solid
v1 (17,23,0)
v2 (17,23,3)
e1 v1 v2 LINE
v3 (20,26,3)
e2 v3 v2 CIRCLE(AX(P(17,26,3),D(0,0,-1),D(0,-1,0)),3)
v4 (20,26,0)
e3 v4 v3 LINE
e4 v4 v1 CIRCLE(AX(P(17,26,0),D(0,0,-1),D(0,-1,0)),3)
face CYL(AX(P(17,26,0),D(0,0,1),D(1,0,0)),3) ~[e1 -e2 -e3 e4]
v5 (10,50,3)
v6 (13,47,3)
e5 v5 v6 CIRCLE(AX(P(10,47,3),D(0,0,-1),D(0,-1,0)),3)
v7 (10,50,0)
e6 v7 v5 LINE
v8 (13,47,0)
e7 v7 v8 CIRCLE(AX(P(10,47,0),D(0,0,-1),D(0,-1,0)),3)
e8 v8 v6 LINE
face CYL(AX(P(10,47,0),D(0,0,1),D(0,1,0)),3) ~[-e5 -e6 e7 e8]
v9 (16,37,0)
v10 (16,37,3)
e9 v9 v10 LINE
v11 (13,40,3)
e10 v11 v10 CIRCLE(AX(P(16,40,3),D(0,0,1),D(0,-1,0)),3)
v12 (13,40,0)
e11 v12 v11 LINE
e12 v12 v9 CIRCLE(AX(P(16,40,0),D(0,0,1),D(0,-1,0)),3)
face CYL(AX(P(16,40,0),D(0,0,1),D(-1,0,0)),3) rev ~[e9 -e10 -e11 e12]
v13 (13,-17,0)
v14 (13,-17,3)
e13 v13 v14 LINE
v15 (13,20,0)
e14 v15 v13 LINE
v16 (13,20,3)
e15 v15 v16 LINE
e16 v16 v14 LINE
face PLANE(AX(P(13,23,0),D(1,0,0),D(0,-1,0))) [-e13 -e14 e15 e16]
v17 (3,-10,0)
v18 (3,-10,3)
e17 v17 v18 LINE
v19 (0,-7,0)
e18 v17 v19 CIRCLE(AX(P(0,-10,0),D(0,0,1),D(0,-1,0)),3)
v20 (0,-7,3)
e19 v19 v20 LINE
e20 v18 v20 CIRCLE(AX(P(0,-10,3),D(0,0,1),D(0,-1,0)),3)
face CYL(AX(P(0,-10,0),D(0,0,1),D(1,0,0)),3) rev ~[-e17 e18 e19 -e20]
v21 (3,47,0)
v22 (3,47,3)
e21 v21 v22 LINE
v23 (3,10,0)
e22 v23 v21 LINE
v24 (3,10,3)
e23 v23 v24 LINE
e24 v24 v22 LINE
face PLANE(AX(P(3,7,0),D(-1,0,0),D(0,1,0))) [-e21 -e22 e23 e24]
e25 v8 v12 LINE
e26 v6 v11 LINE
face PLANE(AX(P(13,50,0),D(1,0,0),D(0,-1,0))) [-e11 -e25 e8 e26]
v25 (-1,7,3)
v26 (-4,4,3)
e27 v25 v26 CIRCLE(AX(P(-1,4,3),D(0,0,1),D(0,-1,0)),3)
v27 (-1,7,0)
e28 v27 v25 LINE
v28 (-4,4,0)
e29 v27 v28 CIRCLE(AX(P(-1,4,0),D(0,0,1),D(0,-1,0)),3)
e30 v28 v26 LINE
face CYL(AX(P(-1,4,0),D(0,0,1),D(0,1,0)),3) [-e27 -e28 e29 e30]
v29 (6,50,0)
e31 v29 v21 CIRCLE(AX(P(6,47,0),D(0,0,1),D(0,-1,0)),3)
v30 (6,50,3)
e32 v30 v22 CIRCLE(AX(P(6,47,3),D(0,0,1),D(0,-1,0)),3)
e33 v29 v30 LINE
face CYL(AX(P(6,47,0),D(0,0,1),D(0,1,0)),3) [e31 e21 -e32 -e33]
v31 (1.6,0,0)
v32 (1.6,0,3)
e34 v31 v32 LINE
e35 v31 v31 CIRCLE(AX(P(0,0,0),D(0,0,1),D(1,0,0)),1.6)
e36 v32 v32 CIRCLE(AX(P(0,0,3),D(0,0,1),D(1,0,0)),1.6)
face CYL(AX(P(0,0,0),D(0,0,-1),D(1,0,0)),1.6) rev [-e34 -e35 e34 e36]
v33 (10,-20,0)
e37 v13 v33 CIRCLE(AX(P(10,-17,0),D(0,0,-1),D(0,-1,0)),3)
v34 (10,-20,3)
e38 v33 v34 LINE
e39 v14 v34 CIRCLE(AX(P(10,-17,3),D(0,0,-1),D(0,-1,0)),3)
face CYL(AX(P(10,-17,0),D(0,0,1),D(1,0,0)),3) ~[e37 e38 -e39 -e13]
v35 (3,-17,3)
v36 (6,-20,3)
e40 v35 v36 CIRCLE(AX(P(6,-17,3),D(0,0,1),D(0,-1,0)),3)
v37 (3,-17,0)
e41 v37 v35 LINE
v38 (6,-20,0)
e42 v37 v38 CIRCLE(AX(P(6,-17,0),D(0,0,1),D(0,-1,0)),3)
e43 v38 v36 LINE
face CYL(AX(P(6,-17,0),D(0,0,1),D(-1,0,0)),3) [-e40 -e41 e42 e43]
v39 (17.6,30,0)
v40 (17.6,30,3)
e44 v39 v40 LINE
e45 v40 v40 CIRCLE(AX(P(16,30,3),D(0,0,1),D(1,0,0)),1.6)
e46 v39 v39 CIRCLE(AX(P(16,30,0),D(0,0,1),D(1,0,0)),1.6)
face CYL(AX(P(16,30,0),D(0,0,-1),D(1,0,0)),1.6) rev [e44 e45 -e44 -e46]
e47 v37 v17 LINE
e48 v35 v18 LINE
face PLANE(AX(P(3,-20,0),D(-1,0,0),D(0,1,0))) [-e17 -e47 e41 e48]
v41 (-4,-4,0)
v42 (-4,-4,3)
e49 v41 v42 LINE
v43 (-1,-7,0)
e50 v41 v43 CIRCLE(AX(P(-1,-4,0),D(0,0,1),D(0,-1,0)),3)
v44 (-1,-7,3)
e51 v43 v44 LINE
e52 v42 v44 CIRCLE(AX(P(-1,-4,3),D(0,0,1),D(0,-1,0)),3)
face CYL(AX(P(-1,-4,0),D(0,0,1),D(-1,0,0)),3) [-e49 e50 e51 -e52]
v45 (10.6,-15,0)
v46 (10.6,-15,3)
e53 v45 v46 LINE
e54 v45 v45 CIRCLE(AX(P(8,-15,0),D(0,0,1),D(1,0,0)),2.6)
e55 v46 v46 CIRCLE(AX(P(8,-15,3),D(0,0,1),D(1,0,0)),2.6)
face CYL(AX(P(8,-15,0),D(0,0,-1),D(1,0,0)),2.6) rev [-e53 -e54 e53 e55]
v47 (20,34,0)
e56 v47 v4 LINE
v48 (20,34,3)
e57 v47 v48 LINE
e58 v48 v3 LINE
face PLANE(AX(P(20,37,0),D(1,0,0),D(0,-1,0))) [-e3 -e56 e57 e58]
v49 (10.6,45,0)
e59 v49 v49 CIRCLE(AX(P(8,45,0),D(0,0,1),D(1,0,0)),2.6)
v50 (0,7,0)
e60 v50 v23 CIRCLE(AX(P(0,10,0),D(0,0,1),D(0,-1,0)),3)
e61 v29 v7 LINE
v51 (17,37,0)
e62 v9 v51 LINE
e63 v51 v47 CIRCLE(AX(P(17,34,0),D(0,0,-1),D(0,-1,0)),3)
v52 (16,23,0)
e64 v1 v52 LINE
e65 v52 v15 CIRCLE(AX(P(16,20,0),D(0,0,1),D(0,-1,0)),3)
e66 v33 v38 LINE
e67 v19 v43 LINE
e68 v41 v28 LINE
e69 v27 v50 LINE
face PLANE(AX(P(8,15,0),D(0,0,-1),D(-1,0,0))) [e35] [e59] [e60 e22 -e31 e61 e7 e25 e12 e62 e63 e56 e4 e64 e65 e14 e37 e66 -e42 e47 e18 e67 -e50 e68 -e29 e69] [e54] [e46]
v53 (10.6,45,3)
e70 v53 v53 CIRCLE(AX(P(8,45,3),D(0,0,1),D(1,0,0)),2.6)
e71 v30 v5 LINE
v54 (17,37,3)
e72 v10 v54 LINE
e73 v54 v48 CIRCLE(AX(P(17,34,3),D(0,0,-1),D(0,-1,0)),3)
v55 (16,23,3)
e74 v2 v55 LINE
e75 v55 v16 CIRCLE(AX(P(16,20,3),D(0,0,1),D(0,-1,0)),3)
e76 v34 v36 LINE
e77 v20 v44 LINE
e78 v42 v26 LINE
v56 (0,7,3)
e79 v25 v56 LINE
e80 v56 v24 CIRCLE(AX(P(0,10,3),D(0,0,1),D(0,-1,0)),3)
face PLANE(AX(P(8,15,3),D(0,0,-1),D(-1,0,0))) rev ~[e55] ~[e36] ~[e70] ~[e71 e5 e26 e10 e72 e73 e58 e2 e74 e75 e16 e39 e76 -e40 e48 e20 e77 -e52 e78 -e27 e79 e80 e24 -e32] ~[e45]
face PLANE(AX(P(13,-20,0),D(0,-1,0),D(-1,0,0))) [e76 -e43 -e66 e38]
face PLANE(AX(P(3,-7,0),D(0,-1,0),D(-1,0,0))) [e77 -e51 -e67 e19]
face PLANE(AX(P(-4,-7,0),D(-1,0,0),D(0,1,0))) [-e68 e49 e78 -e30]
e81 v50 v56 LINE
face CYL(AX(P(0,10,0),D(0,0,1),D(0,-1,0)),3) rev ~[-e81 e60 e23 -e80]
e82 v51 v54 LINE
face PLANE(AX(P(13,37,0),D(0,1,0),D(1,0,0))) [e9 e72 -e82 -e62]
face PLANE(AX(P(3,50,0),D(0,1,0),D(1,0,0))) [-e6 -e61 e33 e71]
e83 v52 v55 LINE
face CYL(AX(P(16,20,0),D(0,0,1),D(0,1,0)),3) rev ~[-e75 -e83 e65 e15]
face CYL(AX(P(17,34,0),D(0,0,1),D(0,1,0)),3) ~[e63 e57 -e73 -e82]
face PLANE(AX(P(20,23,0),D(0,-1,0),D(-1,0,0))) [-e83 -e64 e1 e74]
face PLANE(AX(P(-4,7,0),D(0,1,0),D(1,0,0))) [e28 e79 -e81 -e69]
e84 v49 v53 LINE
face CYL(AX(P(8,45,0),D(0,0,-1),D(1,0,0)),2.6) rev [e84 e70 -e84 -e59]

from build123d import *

# Parameters (mm, degrees)
SKETCH_R    = 1.6
SKETCH_R_2  = 2.6
PAD_DEPTH   = 3
FILLET_R    = 3
FILLET001_R = 3
FILLET002_R = 3
FILLET003_R = 3
FILLET004_R = 3


with BuildPart() as part:
    # Sketch → Pad (new body)
    with BuildSketch(Plane.XY):
        Polygon((3, 50), (13, 50), (13, 37), (20, 37), (20, 23), (13, 23), (13, -20), (3, -20), (3, -7), (-4, -7), (-4, 7), (3, 7), align=None)
        Circle(SKETCH_R, mode=Mode.SUBTRACT)
        with Locations((16, 30)):
            Circle(SKETCH_R, mode=Mode.SUBTRACT)
        with Locations((8, 45)):
            Circle(SKETCH_R_2, mode=Mode.SUBTRACT)
        with Locations((8, -15)):
            Circle(SKETCH_R_2, mode=Mode.SUBTRACT)
    extrude(amount=PAD_DEPTH)

    # Fillet
    fillet_edges = [part.edges().sort_by_distance(p)[0] for p in [
        (13, -20, 1.5),
        (3, -20, 1.5),
        (20, 23, 1.5),
        (20, 37, 1.5),
        (-4, -7, 1.5),
        (-4, 7, 1.5),
        (3, 50, 1.5),
        (13, 50, 1.5),
    ]]
    fillet(fillet_edges, radius=FILLET_R)

    # Fillet001
    fillet001_edges = [part.edges().sort_by_distance(p)[0] for p in [
        (13, 37, 1.5),
    ]]
    fillet(fillet001_edges, radius=FILLET001_R)

    # Fillet002
    fillet002_edges = [part.edges().sort_by_distance(p)[0] for p in [
        (13, 23, 1.5),
    ]]
    fillet(fillet002_edges, radius=FILLET002_R)

    # Fillet003
    fillet003_edges = [part.edges().sort_by_distance(p)[0] for p in [
        (3, -7, 1.5),
    ]]
    fillet(fillet003_edges, radius=FILLET003_R)

    # Fillet004
    fillet004_edges = [part.edges().sort_by_distance(p)[0] for p in [
        (3, 7, 1.5),
    ]]
    fillet(fillet004_edges, radius=FILLET004_R)


solid = part.part
